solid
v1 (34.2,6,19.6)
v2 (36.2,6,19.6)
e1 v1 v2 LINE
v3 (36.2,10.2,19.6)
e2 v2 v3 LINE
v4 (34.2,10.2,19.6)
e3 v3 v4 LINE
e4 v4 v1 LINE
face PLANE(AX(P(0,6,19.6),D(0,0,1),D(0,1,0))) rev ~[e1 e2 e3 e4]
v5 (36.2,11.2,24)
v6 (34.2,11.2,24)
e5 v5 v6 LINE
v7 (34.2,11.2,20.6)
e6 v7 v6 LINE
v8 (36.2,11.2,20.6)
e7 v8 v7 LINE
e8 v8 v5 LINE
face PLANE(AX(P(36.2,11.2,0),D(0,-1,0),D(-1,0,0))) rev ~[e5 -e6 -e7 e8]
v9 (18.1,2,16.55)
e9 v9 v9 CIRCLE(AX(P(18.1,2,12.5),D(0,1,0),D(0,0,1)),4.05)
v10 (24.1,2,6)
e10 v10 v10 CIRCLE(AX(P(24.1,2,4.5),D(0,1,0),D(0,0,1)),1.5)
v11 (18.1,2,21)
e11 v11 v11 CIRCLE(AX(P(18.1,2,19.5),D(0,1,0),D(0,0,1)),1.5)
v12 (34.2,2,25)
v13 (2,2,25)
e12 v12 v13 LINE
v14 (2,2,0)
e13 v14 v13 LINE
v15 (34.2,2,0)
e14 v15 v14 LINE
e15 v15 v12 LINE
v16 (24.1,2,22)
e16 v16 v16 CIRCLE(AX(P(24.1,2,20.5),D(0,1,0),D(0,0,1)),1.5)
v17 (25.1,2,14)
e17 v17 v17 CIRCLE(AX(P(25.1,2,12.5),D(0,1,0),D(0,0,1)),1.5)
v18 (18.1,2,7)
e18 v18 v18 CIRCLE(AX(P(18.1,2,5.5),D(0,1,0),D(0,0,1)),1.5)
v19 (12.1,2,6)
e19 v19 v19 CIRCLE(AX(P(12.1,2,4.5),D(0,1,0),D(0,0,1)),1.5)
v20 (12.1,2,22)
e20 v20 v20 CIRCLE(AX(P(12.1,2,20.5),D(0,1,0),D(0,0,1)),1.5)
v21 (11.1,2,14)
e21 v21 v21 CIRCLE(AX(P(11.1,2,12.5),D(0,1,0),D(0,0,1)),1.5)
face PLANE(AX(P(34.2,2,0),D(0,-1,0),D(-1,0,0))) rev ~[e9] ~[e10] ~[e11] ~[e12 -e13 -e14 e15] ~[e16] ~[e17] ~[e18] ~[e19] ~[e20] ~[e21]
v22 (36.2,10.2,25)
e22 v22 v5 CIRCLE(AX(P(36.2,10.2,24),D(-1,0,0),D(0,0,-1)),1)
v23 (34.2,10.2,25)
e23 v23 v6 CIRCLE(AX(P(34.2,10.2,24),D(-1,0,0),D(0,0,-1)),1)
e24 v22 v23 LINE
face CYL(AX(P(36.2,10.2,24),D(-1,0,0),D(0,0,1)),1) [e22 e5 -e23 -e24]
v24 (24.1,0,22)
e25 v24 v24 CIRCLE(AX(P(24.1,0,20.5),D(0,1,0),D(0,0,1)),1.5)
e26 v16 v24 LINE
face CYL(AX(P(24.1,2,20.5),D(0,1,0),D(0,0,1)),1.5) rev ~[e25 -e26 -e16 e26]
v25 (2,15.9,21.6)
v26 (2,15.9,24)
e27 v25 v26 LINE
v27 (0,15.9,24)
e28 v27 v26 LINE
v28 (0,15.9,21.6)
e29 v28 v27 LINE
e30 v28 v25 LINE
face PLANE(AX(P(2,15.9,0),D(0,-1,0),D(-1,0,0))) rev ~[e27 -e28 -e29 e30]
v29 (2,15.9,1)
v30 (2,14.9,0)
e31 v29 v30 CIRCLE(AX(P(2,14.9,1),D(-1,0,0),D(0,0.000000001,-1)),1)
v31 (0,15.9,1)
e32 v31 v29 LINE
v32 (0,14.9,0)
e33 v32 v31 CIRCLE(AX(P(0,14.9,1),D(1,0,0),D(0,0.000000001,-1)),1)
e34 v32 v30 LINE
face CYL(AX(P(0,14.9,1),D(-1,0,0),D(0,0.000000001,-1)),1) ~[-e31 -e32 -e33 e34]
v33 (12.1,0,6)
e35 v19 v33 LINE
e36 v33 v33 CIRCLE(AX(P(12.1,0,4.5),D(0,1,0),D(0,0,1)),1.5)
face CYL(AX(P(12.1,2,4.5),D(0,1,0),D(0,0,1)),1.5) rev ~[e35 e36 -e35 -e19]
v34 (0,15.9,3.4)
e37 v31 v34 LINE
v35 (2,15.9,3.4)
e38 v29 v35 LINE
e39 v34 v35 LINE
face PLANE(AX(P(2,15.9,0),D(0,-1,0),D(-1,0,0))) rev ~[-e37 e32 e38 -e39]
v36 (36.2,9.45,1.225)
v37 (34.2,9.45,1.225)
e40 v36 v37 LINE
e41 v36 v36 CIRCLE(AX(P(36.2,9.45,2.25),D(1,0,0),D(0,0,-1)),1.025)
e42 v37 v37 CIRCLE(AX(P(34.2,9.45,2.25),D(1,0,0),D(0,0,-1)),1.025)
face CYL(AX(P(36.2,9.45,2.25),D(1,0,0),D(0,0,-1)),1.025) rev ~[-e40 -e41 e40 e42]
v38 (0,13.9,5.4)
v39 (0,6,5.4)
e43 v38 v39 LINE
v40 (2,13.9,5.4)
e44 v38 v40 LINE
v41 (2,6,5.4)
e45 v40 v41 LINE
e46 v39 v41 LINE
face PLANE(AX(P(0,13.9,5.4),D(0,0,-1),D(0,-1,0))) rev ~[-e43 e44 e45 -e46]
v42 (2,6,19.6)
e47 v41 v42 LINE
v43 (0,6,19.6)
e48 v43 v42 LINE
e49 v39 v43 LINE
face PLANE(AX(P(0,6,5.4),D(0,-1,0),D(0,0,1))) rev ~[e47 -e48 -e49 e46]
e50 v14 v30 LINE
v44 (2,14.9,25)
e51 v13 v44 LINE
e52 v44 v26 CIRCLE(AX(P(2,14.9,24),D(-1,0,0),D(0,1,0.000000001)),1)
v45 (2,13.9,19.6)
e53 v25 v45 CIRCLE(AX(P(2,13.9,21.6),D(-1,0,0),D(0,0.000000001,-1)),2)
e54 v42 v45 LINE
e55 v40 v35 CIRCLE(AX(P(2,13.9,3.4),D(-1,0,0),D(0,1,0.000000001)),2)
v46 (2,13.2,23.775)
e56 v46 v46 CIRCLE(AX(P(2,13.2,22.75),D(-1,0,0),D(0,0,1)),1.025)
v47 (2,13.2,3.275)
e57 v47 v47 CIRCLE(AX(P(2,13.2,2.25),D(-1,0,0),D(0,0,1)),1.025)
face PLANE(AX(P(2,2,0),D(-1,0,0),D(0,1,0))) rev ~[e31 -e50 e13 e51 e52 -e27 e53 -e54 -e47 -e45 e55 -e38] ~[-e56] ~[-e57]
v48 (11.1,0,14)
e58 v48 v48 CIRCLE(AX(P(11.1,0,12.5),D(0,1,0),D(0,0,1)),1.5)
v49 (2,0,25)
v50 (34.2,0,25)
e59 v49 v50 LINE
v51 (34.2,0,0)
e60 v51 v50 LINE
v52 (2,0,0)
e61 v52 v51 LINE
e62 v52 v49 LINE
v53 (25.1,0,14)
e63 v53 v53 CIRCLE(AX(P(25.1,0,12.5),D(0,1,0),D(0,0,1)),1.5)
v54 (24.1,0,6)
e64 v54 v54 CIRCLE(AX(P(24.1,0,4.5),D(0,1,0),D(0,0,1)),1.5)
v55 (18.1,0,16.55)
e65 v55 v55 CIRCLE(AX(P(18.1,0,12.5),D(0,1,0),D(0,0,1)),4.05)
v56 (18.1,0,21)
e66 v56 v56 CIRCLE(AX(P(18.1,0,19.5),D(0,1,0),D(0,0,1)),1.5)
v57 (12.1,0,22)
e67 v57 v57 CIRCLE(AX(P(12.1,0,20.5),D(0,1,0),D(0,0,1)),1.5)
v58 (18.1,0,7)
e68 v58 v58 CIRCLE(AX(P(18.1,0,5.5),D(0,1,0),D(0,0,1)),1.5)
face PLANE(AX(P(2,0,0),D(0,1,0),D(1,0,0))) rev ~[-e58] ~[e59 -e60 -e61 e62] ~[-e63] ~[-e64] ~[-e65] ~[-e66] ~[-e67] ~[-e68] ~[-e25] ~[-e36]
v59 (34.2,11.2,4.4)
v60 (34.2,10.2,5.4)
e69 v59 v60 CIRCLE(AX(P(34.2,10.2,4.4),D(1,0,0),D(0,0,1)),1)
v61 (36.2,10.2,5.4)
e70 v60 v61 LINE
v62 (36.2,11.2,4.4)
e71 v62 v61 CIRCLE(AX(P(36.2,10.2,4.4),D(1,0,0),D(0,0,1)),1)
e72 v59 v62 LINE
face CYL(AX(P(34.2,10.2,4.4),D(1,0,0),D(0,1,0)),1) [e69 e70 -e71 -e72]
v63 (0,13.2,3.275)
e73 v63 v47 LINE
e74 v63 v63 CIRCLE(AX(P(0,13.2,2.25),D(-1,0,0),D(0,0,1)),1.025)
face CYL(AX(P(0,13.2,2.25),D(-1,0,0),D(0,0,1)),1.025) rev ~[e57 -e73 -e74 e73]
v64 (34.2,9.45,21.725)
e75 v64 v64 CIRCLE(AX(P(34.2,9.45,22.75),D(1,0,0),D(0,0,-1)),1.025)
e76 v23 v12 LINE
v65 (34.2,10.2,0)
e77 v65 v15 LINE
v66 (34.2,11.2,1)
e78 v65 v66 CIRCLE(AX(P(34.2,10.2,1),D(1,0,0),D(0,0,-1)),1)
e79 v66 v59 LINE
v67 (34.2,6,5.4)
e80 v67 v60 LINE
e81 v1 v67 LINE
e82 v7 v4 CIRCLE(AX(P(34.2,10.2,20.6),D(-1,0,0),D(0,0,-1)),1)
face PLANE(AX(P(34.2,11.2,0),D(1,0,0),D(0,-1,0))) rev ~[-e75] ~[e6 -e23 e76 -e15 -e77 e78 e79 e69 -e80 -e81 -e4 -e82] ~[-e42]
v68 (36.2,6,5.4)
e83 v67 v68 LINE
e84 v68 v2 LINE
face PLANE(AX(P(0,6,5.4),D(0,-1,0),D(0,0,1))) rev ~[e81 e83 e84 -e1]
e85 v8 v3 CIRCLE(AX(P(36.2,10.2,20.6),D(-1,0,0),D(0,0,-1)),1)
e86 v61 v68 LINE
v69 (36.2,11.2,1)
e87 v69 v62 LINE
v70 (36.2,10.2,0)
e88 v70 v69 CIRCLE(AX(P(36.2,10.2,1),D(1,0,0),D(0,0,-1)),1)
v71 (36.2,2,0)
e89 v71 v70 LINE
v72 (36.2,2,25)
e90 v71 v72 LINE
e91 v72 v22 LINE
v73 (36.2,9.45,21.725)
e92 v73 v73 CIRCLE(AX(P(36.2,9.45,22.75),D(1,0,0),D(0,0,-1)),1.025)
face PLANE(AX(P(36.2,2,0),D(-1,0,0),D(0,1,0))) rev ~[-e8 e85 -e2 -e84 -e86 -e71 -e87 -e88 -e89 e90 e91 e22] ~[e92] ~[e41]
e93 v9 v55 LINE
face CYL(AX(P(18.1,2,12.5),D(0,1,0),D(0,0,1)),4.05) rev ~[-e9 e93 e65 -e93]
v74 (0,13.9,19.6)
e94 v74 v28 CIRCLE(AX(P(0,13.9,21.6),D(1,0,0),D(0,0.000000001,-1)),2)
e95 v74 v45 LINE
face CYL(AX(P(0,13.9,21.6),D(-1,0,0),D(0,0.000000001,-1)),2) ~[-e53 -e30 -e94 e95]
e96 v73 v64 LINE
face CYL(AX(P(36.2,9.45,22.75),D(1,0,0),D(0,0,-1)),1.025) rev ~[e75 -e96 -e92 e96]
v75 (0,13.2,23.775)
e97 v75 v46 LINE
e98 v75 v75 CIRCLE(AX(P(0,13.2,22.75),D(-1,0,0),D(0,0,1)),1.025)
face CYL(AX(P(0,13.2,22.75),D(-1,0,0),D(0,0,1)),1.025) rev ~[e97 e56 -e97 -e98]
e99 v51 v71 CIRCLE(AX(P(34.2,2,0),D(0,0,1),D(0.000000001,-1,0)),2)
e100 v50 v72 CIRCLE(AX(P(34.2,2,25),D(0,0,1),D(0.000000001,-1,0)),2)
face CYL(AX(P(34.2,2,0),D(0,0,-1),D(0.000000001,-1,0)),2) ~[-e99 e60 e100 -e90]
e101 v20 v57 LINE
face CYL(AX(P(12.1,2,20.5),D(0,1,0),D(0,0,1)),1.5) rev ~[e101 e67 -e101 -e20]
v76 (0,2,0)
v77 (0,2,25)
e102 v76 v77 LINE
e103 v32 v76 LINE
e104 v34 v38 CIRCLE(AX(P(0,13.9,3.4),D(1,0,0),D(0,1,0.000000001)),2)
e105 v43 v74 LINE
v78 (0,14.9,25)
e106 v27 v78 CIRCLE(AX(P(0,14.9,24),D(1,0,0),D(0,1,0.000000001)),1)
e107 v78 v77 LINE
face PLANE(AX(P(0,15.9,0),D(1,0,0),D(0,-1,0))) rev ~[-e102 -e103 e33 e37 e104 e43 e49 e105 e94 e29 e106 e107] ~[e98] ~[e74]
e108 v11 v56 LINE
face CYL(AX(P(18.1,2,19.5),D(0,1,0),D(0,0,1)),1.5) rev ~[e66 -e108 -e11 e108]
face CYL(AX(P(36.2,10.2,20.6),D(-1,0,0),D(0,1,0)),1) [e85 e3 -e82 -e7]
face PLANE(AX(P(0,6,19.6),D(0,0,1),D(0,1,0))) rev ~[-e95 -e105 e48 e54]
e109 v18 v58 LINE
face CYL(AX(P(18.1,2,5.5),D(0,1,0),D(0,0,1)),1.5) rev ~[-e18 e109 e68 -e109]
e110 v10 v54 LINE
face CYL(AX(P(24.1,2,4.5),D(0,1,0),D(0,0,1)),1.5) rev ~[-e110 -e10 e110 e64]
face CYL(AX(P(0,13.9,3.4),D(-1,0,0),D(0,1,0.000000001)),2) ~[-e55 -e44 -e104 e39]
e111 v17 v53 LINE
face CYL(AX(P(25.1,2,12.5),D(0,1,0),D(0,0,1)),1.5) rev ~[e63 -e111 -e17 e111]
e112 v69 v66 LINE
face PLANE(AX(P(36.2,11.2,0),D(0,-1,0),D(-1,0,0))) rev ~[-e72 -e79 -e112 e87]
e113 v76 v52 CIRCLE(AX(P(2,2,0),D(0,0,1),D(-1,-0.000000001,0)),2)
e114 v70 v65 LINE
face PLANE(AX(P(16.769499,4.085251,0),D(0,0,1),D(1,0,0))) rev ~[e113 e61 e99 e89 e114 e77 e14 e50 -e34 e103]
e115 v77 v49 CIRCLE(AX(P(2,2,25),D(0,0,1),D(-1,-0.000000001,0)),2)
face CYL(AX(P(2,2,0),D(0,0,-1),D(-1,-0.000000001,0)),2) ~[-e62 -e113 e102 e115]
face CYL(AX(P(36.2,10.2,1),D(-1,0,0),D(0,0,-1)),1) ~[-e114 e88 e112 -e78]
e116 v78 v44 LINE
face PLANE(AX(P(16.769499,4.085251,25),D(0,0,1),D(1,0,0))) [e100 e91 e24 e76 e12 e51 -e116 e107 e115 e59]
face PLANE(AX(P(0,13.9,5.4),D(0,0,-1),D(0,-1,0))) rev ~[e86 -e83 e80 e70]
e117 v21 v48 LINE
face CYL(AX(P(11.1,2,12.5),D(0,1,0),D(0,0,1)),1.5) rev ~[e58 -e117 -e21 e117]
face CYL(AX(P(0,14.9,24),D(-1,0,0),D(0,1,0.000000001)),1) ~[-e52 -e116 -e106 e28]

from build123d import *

# Parameters (mm, degrees)
EXTRUDE_1_DEPTH     = 25
SKETCH_2_R          = 1.025
CUT_EXTRUDE_1_DEPTH = 50
FILLET_1_R          = 1
SKETCH_3_R          = 1.025
CUT_EXTRUDE_2_DEPTH = 6
SKETCH_4_R          = 4.05
SKETCH_4_R_2        = 1.5
CUT_EXTRUDE_3_DEPTH = 10


with BuildPart() as part:
    # 草图1 → 凸台-拉伸1 (new body)
    with BuildSketch(Plane.XY):
        with BuildLine():
            Line((2, 0), (34.2, 0))
            ThreePointArc((34.2, 0), (35.614213562, 0.585786438), (36.2, 2))
            Line((36.2, 2), (36.2, 11.2))
            Line((36.2, 11.2), (34.2, 11.2))
            Line((34.2, 11.2), (34.2, 2))
            Line((34.2, 2), (2, 2))
            Line((2, 2), (2, 15.9))
            Line((2, 15.9), (0, 15.9))
            Line((0, 15.9), (0, 2))
            ThreePointArc((0, 2), (0.585786438, 0.585786438), (2, 0))
        make_face()
    extrude(amount=EXTRUDE_1_DEPTH)

    # 草图2 → 切除-拉伸1 (cut)
    with BuildSketch(Plane.ZY):
        with BuildLine():
            Line((0, 15.9), (0, 14.9))
            ThreePointArc((0, 14.9), (0.292893219, 15.607106781), (1, 15.9))
            Line((1, 15.9), (0, 15.9))
        make_face()
        with Locations((2.25, 13.2)):
            Circle(SKETCH_2_R)
        with BuildLine():
            Line((21.6, 15.9), (3.4, 15.9))
            ThreePointArc((3.4, 15.9), (4.814213562, 15.314213562), (5.4, 13.9))
            Line((5.4, 13.9), (5.4, 6))
            Line((5.4, 6), (19.6, 6))
            Line((19.6, 6), (19.6, 13.9))
            ThreePointArc((19.6, 13.9), (20.185786438, 15.314213562), (21.6, 15.9))
        make_face()
        with Locations((22.75, 13.2)):
            Circle(SKETCH_2_R)
        with BuildLine():
            Line((25, 15.9), (24, 15.9))
            ThreePointArc((24, 15.9), (24.707106781, 15.607106781), (25, 14.9))
            Line((25, 14.9), (25, 15.9))
        make_face()
    extrude(amount=-CUT_EXTRUDE_1_DEPTH, mode=Mode.SUBTRACT)

    # 圆角1
    fillet_1_edges = [part.edges().sort_by_distance(p)[0] for p in [
        (35.2, 11.2, 0),
        (35.2, 11.2, 25),
        (35.2, 11.2, 19.6),
        (35.2, 11.2, 5.4),
    ]]
    fillet(fillet_1_edges, radius=FILLET_1_R)

    # 草图3 → 切除-拉伸2 (cut)
    with BuildSketch(Plane(origin=(36.2, 0, 0), x_dir=(0, 0, -1), z_dir=(1, 0, 0))):
        with Locations((-22.75, 9.45)):
            Circle(SKETCH_3_R)
        with Locations((-2.25, 9.45)):
            Circle(SKETCH_3_R)
    extrude(amount=-CUT_EXTRUDE_2_DEPTH, mode=Mode.SUBTRACT)

    # 草图4 → 切除-拉伸3 (cut)
    with BuildSketch(Plane(origin=(0, 2, 0), x_dir=(1, 0, 0), z_dir=(0, 1, 0))):
        with Locations(Location((18.1, -12.5, 0), (0, 0, 270))):
            Circle(SKETCH_4_R)
        with Locations(Location((18.1, -5.5, 0), (0, 0, 270))):
            Circle(SKETCH_4_R_2)
        with Locations(Location((25.1, -12.5, 0), (0, 0, 270))):
            Circle(SKETCH_4_R_2)
        with Locations(Location((18.1, -19.5, 0), (0, 0, 270))):
            Circle(SKETCH_4_R_2)
        with Locations(Location((11.1, -12.5, 0), (0, 0, 270))):
            Circle(SKETCH_4_R_2)
        with Locations(Location((12.1, -4.5, 0), (0, 0, 270))):
            Circle(SKETCH_4_R_2)
        with Locations(Location((24.1, -4.5, 0), (0, 0, 270))):
            Circle(SKETCH_4_R_2)
        with Locations(Location((24.1, -20.5, 0), (0, 0, 270))):
            Circle(SKETCH_4_R_2)
        with Locations(Location((12.1, -20.5, 0), (0, 0, 270))):
            Circle(SKETCH_4_R_2)
    extrude(amount=-CUT_EXTRUDE_3_DEPTH, mode=Mode.SUBTRACT)


solid = part.part
